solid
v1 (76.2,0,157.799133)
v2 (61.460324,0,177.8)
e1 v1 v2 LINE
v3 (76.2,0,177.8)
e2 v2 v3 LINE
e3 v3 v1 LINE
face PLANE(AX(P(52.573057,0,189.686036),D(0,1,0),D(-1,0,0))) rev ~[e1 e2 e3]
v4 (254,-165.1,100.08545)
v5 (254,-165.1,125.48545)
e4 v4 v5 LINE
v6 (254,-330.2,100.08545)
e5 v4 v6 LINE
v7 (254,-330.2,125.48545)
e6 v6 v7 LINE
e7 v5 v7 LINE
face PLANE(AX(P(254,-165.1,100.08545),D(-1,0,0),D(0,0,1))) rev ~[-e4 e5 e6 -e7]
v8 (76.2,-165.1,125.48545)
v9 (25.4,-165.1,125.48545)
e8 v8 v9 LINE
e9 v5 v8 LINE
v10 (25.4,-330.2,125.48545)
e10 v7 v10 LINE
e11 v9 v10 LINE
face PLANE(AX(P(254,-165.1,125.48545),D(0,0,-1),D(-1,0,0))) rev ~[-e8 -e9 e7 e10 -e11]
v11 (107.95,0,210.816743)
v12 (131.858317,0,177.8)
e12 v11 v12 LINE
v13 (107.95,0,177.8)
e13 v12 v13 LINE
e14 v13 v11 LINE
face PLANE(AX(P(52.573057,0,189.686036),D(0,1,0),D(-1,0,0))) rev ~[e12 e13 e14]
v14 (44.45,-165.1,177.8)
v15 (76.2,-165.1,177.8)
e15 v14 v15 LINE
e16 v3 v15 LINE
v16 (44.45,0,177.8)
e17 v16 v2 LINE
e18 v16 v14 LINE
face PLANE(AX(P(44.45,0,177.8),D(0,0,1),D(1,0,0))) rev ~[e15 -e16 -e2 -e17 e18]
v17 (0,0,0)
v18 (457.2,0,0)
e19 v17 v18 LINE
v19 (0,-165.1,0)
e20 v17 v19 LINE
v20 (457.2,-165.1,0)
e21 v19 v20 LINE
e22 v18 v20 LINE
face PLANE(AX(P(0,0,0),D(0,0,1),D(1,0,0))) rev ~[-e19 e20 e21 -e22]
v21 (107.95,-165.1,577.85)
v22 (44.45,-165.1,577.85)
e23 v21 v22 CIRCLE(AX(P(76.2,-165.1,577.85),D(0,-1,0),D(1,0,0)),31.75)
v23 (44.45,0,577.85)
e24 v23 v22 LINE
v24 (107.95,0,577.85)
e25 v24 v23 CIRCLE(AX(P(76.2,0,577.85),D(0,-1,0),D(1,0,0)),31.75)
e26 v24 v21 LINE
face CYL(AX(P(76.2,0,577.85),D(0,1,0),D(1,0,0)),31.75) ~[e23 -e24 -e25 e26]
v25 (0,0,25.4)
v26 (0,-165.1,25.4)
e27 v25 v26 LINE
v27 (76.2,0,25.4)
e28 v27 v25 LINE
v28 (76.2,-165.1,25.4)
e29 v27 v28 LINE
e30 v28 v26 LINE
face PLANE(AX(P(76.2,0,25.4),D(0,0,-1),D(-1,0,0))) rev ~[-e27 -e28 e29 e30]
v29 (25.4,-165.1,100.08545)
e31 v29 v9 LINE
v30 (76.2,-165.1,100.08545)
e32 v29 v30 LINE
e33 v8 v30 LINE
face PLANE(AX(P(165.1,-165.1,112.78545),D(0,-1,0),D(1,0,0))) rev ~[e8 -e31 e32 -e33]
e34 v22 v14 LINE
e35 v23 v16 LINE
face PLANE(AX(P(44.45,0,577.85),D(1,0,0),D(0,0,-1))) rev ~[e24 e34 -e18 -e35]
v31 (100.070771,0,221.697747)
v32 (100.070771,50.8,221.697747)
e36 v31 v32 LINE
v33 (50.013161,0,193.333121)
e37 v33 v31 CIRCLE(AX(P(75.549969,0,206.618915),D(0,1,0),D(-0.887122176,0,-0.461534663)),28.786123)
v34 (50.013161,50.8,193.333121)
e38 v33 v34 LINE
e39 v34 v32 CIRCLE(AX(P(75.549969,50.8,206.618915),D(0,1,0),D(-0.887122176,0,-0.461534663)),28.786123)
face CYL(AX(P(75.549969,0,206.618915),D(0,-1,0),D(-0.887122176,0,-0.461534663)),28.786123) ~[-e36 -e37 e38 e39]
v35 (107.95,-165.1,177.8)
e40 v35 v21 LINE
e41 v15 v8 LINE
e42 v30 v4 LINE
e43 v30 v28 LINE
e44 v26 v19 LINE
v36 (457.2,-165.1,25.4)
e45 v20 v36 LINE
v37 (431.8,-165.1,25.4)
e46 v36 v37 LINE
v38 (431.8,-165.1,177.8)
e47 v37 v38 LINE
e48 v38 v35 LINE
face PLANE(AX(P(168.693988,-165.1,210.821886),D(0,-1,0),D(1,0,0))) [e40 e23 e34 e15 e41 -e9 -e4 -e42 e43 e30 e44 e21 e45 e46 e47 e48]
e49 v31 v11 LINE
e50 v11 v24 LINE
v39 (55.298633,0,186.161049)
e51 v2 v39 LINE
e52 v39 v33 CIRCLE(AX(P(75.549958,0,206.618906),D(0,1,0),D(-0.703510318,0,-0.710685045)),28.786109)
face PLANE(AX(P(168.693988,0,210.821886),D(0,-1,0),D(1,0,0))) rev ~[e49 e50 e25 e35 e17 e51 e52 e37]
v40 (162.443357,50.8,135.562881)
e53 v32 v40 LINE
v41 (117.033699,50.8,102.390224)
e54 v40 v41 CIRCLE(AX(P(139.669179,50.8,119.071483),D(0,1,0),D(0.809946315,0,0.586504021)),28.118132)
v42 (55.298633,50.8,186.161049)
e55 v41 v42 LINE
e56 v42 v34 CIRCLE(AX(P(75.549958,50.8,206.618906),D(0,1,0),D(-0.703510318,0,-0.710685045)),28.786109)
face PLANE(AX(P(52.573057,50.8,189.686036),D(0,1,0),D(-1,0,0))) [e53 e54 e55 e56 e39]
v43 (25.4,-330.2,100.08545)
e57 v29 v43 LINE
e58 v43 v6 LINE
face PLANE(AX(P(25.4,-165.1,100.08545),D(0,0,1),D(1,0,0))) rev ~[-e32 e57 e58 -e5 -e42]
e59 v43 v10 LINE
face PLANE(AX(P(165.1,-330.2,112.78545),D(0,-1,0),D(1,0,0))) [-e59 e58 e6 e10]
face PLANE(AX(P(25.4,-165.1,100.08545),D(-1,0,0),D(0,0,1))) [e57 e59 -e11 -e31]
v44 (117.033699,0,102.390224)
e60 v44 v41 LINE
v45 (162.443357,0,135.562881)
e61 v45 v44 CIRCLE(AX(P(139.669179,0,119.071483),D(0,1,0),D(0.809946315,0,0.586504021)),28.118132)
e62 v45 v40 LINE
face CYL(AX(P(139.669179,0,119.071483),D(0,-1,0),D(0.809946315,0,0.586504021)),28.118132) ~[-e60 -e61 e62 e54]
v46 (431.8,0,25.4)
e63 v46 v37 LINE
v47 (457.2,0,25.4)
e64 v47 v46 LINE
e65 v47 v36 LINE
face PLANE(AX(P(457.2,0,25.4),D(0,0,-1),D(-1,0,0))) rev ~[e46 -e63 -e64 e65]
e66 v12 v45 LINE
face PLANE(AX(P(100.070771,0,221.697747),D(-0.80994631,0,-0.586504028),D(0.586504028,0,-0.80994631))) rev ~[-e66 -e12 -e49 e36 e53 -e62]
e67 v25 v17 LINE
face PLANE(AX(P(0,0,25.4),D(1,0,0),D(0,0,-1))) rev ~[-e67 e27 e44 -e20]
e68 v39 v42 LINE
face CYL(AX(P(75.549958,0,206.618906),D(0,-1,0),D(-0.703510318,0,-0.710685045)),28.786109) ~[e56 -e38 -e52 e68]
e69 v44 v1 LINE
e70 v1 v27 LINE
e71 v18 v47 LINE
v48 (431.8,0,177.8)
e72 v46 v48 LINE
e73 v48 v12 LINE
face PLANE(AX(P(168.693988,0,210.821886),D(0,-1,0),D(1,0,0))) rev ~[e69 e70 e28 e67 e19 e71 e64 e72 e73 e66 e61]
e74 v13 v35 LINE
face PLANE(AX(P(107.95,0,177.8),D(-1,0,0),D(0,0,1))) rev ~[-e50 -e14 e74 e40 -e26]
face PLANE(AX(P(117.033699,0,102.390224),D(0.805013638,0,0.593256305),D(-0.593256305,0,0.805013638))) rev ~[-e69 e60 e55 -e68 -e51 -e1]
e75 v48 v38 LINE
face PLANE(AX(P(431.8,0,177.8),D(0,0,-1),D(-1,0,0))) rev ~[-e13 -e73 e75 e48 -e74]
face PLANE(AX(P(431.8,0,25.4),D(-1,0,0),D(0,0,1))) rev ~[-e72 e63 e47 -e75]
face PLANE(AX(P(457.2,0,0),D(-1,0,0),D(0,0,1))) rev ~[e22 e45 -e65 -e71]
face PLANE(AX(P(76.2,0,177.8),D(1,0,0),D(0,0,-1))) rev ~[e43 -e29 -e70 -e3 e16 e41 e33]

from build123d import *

# Parameters (mm, degrees)
F1_DEPTH = 165.1
F2_W     = 177.8
F2_H     = 25.4
F2_W_2   = 50.8
F3_DEPTH = 165.1
F5_DEPTH = 50.8


with BuildPart() as f1:
    # F0 (on Front) → F1 (new body)
    with BuildSketch(Plane.XZ):
        with BuildLine():
            Line((0, 25.4), (0, 0))
            Line((0, 0), (457.2, 0))
            Line((457.2, 0), (457.2, 25.4))
            Line((457.2, 25.4), (431.8, 25.4))
            Line((431.8, 25.4), (431.8, 177.8))
            Line((431.8, 177.8), (107.95, 177.8))
            Line((107.95, 177.8), (107.95, 577.85))
            ThreePointArc((107.95, 577.85), (76.2, 609.6), (44.45, 577.85))
            Line((44.45, 577.85), (44.45, 177.8))
            Line((44.45, 177.8), (76.2, 177.8))
            Line((76.2, 177.8), (76.2, 25.4))
            Line((76.2, 25.4), (0, 25.4))
        make_face()
    extrude(amount=F1_DEPTH)

    # F2 (on face) → F3 (join)
    with BuildSketch(Plane.XZ.offset(165.1)):
        with Locations((165.1, 112.78545)):
            Rectangle(F2_W, F2_H)
        with Locations((50.8, 112.78545)):
            Rectangle(F2_W_2, F2_H)
    extrude(amount=F3_DEPTH)

    # F4 (on face) → F5 (join)
    with BuildSketch(Plane(origin=(0, 0, 0), x_dir=(-1, 0, 0), z_dir=(0, 1, 0))):
        with BuildLine():
            Line((-50.013161, 193.333121), (-55.298633, 186.161049))
            ThreePointArc((-55.298633, 186.161049), (-52.376747, 189.541366), (-50.013161, 193.333121))
        make_face()
        with BuildLine():
            Line((-117.033699, 102.390224), (-55.298633, 186.161049))
            Line((-55.298633, 186.161049), (-50.013161, 193.333121))
            ThreePointArc((-50.013161, 193.333121), (-61.358561, 231.663771), (-100.070771, 221.697747))
            Line((-100.070771, 221.697747), (-162.443357, 135.562881))
            ThreePointArc((-162.443357, 135.562881), (-156.255653, 96.366456), (-117.033699, 102.390224))
        make_face()
    extrude(amount=F5_DEPTH)


solid = f1.part
